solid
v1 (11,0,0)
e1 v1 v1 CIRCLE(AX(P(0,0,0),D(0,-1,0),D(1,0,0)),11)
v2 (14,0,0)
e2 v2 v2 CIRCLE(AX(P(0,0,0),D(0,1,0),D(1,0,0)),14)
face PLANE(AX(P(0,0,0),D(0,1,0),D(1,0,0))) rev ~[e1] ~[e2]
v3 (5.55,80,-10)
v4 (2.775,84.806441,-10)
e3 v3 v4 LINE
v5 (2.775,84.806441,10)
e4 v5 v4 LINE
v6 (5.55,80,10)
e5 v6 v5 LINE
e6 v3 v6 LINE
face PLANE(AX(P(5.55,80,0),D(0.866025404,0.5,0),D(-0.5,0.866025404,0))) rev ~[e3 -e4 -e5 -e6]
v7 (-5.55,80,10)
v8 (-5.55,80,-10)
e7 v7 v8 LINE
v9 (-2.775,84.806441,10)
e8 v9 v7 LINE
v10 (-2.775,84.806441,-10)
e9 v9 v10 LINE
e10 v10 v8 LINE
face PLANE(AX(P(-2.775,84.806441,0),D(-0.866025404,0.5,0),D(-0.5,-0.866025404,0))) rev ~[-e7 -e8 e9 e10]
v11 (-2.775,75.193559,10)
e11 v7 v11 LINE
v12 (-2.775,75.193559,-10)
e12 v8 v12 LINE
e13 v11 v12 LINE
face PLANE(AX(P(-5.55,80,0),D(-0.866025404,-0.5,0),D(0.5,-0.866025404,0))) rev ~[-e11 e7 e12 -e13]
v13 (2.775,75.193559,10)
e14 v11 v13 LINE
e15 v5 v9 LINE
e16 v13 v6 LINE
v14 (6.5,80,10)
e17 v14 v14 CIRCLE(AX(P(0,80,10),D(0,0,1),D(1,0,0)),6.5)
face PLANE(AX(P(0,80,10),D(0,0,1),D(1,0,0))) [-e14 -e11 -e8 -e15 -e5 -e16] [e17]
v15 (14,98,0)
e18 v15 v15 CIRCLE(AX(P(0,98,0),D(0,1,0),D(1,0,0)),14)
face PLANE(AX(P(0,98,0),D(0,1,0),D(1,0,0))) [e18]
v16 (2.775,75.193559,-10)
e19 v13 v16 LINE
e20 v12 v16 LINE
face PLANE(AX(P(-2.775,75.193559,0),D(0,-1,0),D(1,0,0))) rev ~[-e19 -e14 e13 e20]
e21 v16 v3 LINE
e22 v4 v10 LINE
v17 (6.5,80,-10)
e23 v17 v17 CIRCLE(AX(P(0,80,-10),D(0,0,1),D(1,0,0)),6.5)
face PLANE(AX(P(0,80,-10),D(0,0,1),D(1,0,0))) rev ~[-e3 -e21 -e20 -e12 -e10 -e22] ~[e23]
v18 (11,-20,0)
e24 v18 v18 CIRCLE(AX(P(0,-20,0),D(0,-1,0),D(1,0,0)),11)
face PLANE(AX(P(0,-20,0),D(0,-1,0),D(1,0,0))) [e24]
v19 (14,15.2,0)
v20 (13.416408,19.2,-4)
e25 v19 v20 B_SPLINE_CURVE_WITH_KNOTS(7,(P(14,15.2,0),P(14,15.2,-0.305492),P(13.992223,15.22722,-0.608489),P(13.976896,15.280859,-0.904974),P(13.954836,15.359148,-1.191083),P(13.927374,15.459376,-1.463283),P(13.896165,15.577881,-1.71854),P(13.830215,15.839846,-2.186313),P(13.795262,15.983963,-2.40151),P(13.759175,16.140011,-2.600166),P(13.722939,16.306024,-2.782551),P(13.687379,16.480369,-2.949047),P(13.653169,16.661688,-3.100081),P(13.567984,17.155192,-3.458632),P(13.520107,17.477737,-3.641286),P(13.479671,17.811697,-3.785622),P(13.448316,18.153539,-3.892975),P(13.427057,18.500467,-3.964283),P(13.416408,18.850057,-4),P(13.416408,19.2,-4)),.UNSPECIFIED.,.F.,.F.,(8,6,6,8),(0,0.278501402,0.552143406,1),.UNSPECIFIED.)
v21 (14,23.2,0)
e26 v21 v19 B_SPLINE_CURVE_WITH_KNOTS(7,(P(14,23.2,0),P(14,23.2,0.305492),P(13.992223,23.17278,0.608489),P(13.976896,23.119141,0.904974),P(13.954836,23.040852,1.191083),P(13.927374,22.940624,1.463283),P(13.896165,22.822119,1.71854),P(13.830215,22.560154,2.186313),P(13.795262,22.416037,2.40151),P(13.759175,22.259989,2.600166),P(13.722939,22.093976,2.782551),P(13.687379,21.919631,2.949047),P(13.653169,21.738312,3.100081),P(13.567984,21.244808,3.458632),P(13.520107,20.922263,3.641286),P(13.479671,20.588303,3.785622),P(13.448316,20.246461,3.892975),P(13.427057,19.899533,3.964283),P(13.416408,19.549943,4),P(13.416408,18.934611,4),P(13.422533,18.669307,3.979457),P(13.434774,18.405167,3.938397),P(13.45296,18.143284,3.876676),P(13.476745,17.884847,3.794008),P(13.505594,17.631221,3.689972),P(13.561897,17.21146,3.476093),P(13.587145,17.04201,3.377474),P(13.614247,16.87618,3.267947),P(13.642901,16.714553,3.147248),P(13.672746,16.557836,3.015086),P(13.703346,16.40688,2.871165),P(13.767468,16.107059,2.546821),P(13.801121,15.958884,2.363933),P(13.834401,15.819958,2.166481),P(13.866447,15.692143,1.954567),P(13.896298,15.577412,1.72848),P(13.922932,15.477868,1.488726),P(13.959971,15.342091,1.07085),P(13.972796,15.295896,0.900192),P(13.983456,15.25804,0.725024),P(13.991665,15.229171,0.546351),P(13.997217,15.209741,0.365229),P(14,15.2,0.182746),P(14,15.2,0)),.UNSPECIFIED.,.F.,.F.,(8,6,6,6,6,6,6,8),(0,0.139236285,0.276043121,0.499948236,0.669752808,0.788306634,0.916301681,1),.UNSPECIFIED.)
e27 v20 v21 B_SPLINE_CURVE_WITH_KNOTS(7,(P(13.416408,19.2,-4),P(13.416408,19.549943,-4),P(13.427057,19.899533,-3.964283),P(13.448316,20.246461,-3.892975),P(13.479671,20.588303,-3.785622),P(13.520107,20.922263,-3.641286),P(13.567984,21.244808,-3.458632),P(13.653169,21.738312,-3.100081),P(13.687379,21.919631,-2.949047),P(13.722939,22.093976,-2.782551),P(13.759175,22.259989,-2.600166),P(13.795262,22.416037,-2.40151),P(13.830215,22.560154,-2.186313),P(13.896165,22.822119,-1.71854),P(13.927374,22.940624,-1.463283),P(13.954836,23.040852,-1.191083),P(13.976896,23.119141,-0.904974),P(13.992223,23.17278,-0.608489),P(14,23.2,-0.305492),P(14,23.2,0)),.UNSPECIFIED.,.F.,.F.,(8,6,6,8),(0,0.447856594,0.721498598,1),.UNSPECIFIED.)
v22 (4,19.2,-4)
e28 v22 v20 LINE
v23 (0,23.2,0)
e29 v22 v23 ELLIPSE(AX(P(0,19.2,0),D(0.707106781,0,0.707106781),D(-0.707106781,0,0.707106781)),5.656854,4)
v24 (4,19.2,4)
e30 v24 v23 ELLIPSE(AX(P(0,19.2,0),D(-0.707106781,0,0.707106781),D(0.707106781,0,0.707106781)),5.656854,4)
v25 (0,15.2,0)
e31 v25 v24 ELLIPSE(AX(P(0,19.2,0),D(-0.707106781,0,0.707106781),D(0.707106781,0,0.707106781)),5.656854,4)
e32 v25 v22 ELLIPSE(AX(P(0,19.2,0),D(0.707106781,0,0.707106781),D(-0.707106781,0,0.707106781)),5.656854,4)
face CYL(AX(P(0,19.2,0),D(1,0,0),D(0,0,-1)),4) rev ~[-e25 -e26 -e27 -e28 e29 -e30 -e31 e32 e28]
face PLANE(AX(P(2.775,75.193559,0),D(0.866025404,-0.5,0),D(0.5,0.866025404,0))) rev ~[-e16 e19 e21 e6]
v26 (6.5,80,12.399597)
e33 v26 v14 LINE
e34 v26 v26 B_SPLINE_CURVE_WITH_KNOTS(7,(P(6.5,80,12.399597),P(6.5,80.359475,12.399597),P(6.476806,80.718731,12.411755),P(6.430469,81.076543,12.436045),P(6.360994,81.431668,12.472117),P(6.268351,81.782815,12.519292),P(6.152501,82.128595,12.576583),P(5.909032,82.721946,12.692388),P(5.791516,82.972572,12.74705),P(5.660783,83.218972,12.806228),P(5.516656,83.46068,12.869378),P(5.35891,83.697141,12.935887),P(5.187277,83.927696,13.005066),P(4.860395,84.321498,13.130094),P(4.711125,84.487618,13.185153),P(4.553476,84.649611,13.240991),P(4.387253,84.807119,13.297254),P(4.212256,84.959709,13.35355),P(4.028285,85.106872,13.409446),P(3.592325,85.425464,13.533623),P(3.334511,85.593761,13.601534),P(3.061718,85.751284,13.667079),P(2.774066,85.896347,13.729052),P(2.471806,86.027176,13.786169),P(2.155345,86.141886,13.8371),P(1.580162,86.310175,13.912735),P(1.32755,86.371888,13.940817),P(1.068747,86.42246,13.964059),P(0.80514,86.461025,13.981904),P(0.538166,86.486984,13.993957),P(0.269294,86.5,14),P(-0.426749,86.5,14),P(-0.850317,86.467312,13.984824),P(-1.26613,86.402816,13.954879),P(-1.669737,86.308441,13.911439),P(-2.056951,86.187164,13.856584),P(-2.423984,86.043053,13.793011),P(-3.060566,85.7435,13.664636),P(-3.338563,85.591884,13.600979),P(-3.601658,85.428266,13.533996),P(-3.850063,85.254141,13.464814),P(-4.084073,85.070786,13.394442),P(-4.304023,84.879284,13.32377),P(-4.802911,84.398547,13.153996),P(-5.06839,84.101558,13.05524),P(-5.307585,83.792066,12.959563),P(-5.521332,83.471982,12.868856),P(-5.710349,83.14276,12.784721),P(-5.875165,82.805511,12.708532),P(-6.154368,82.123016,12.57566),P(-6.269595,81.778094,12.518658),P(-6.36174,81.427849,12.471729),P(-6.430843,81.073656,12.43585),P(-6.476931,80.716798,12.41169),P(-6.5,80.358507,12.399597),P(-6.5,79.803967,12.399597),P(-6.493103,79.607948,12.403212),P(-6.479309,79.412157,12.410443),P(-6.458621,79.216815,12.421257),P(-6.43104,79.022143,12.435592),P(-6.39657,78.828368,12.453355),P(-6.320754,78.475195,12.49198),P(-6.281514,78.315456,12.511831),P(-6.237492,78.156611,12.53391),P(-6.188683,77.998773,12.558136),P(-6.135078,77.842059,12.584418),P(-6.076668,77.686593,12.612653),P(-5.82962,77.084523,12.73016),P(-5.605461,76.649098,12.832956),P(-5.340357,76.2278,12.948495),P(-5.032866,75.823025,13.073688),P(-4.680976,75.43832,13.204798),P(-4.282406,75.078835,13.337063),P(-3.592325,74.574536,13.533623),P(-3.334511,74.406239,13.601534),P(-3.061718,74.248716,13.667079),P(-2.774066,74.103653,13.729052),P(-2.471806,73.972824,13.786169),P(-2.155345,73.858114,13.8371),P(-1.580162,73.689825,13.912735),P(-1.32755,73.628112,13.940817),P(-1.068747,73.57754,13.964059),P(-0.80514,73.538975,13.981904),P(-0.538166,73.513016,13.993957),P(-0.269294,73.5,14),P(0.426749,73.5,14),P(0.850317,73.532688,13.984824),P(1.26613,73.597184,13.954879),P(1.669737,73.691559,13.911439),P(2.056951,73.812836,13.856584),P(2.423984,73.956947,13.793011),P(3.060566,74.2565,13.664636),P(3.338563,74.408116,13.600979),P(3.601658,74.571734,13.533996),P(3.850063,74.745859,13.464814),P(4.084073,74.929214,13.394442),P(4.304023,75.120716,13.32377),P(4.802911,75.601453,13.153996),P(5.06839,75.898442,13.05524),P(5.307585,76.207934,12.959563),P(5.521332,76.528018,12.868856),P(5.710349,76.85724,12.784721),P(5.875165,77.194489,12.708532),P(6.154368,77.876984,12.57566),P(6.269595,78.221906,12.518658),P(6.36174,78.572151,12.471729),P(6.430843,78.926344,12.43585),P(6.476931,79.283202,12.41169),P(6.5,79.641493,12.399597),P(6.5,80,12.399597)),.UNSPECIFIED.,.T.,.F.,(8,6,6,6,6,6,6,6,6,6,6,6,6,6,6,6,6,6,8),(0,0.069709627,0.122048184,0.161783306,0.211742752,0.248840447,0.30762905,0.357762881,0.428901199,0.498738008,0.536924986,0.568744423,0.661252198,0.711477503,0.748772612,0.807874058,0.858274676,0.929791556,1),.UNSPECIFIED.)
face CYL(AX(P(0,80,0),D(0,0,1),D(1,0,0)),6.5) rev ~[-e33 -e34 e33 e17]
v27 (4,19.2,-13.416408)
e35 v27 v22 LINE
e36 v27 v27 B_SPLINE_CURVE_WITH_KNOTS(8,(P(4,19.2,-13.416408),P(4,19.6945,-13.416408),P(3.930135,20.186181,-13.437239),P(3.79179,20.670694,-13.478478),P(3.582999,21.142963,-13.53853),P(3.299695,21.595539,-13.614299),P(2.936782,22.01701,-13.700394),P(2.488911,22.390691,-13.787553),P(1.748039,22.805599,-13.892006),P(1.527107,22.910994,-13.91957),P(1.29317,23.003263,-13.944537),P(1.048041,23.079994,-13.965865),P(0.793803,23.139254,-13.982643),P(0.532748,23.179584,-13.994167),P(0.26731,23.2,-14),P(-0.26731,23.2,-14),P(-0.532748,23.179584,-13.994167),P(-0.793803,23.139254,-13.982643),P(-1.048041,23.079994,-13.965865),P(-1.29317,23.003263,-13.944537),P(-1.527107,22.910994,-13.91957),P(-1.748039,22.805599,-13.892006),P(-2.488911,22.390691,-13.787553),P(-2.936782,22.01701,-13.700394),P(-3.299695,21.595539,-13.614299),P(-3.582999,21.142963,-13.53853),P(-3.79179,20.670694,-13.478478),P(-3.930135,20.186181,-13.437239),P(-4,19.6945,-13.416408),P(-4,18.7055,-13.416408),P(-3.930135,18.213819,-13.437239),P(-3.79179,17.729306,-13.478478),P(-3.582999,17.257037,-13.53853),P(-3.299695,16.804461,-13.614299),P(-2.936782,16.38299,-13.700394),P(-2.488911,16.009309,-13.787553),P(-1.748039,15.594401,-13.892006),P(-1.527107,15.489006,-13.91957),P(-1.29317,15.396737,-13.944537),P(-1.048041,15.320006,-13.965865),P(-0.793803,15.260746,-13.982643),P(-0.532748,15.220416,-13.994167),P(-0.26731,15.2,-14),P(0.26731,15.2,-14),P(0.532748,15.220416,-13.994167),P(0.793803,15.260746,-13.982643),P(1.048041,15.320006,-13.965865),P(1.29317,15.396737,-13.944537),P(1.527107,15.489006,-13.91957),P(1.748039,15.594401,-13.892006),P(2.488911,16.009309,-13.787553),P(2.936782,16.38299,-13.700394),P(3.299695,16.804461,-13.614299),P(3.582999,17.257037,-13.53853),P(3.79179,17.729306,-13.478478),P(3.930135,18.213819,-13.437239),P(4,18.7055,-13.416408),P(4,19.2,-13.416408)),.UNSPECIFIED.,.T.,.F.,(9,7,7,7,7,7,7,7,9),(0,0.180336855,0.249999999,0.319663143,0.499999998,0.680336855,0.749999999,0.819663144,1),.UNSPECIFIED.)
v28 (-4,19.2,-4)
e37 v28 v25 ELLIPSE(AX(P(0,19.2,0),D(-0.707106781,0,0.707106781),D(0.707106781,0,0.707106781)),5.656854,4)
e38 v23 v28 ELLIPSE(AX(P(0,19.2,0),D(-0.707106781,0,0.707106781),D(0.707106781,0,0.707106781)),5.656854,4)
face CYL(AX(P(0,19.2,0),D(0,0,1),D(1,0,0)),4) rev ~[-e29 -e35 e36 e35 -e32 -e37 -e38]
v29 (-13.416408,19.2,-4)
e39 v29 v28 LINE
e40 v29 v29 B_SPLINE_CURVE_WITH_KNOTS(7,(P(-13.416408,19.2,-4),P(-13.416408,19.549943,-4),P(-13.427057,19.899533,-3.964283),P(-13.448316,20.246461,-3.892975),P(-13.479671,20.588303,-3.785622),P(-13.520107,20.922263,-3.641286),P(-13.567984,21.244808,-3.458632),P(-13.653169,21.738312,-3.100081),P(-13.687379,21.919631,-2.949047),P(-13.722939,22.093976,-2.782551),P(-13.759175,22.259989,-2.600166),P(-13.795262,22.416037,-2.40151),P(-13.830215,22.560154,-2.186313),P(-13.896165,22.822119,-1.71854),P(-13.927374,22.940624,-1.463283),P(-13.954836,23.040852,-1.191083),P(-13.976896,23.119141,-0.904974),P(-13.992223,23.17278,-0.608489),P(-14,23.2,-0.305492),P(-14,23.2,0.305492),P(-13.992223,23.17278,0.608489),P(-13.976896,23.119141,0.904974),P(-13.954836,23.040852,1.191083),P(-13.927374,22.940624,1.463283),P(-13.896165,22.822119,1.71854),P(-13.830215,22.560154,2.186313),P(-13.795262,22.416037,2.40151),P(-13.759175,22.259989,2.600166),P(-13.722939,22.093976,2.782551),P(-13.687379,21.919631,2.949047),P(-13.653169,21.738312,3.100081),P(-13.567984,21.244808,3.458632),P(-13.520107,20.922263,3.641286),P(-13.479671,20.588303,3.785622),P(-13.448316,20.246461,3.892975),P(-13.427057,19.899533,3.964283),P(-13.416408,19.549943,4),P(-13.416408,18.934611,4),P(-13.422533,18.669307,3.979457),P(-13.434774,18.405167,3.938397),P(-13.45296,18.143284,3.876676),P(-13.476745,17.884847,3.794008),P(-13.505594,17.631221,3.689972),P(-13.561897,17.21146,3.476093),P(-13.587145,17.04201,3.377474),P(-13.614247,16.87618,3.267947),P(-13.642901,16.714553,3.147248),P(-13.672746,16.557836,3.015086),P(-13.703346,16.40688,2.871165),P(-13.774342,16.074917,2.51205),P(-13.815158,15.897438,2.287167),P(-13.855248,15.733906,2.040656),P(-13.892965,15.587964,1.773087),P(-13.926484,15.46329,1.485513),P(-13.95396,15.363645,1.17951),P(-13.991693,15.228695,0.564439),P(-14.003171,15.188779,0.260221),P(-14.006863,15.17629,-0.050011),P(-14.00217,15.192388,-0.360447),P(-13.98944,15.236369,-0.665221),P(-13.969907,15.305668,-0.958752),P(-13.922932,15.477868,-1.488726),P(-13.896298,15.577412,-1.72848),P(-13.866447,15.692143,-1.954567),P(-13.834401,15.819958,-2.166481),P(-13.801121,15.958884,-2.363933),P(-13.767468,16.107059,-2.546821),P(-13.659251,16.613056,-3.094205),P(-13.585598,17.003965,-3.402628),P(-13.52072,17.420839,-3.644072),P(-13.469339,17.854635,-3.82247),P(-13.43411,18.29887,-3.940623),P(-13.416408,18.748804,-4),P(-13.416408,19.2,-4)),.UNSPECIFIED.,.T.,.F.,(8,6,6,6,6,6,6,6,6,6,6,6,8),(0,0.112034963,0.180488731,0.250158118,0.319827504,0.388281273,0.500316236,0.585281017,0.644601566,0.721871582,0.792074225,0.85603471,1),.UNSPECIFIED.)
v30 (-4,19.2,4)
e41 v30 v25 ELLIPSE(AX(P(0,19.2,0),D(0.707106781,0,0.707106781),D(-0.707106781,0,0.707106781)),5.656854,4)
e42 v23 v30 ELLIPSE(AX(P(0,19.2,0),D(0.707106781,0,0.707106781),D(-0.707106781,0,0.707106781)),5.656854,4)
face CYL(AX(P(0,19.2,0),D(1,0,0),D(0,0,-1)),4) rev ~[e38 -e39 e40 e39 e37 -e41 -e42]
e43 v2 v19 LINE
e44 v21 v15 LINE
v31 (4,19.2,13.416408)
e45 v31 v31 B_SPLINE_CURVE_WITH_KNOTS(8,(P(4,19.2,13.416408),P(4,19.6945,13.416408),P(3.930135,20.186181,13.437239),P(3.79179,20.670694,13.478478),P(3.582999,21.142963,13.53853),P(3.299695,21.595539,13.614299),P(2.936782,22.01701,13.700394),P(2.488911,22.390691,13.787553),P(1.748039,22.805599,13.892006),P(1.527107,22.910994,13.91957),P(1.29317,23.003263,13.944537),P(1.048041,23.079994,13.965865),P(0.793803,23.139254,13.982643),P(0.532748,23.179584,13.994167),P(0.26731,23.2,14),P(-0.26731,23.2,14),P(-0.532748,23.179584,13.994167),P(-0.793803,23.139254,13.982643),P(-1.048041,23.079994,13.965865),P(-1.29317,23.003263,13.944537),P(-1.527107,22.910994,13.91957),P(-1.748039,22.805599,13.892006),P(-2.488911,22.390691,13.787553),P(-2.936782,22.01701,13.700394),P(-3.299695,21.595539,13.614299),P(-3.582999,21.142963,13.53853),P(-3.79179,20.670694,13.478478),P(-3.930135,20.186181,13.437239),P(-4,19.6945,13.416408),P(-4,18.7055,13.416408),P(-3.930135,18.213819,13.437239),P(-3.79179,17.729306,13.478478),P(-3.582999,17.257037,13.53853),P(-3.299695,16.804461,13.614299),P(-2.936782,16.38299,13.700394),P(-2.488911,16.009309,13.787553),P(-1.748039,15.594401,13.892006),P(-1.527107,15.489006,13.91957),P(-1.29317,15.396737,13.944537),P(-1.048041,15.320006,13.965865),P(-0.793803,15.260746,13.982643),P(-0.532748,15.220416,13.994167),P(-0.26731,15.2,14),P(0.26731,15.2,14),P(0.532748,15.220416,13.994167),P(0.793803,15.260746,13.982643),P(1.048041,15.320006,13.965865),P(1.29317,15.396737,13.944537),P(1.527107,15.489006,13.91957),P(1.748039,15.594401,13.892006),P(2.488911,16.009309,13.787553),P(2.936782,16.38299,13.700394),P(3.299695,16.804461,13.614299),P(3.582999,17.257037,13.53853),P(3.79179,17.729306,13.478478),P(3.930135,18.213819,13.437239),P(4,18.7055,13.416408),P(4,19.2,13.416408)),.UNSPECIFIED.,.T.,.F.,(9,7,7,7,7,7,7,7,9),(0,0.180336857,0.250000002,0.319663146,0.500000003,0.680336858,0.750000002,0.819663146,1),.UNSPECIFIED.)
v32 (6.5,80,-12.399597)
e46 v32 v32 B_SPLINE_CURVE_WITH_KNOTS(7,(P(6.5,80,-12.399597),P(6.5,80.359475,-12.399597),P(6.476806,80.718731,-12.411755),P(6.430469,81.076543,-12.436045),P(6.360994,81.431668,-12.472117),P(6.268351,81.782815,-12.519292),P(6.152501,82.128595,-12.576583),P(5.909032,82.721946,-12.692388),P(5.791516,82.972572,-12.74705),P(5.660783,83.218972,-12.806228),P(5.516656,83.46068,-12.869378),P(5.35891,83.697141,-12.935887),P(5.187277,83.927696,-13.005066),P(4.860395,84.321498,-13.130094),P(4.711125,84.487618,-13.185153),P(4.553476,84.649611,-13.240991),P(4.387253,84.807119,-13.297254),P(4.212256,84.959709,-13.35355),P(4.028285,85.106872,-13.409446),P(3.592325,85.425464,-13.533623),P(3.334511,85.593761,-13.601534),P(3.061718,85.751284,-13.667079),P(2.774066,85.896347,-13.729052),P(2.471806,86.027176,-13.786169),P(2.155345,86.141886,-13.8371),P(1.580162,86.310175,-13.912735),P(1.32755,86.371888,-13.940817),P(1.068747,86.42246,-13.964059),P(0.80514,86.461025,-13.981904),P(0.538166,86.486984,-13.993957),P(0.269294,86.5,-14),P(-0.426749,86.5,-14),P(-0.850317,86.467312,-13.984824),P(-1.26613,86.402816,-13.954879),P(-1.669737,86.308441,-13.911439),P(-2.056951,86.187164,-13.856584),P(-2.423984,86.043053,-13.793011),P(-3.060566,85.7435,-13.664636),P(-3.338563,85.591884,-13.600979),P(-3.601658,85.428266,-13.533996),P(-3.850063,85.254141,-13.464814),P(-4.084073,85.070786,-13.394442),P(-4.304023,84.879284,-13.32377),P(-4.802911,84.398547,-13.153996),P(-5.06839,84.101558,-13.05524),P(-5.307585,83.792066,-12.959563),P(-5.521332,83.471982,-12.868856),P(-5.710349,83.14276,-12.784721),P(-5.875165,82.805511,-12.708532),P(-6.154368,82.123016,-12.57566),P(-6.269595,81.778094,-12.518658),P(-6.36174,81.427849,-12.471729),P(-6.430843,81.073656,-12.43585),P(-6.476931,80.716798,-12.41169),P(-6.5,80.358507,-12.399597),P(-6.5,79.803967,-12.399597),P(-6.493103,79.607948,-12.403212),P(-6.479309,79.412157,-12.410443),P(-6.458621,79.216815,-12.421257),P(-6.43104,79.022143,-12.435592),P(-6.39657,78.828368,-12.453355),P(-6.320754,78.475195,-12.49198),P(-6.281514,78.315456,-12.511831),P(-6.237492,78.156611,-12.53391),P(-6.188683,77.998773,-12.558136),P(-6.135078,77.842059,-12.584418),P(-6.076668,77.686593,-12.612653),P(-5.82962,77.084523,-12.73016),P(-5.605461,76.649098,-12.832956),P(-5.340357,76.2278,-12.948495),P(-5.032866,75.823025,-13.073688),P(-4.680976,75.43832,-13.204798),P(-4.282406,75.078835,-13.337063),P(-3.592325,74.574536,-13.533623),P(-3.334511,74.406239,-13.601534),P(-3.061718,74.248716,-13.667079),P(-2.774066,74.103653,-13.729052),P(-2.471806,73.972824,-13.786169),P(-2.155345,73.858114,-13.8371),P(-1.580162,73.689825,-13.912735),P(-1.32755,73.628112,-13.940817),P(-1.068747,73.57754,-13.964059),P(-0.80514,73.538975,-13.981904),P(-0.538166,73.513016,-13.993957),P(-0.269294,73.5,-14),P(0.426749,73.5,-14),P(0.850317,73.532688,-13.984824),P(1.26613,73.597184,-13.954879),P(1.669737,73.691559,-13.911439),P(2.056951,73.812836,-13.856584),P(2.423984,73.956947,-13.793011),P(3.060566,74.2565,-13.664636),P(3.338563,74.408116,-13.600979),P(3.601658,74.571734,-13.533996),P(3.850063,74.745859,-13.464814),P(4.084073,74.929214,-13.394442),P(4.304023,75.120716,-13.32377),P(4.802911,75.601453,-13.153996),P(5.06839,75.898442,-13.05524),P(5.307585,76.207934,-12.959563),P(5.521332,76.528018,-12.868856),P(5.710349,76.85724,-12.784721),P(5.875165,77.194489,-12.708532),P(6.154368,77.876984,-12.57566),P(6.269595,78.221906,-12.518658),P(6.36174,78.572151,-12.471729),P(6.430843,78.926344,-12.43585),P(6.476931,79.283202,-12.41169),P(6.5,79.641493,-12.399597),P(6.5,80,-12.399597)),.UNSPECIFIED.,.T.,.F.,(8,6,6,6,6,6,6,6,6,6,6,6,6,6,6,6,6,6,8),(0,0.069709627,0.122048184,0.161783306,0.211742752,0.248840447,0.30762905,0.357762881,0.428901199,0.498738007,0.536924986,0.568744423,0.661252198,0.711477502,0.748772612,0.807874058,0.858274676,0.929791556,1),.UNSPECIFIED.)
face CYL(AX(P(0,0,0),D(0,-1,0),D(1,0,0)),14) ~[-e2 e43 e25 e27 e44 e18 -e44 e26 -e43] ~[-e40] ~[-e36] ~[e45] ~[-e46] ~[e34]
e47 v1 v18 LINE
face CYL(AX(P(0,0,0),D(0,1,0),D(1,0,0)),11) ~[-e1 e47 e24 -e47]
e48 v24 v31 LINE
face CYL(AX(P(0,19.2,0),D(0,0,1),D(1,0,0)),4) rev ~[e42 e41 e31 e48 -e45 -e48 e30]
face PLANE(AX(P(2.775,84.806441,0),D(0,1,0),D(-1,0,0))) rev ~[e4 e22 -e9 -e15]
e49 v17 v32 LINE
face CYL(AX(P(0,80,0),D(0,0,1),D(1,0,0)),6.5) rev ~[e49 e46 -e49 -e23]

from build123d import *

# Parameters (mm, degrees)
SKETCH_1_R          = 14
EXTRUDE_1_DEPTH     = 98
SKETCH_2_R          = 6.5
SKETCH_2_R_2        = 4
CUT_EXTRUDE_1_DEPTH = 113.5
SKETCH_3_R          = 7.5
EXTRUDE_2_DEPTH     = 10
SKETCH_4_R          = 11
EXTRUDE_4_DEPTH     = 20
SKETCH_5_R          = 4
CUT_EXTRUDE_2_DEPTH = 20


with BuildPart() as part:
    # 草图1 → 凸台-拉伸1 (new body)
    with BuildSketch(Plane(origin=(0, 0, 0), x_dir=(1, 0, 0), z_dir=(0, 1, 0))):
        Circle(SKETCH_1_R)
    extrude(amount=EXTRUDE_1_DEPTH)

    # 草图2 → 切除-拉伸1 (cut, symmetric)
    with BuildSketch(Plane.XY):
        with Locations((0, 80)):
            Circle(SKETCH_2_R)
        with Locations((0, 19.2)):
            Circle(SKETCH_2_R_2)
    extrude(amount=CUT_EXTRUDE_1_DEPTH, both=True, mode=Mode.SUBTRACT)

    # 草图3 → 凸台-拉伸2 (add, symmetric)
    with BuildSketch(Plane.XY):
        with Locations((0, 80)):
            Circle(SKETCH_3_R)
        Polygon((5.55, 80), (2.775, 84.806440991), (-2.775, 84.806440991), (-5.55, 80), (-2.775, 75.193559009), (2.775, 75.193559009), align=None, mode=Mode.SUBTRACT)
    extrude(amount=EXTRUDE_2_DEPTH, both=True)

    # 草图4 → 凸台-拉伸4 (add)
    with BuildSketch(Plane.XZ):
        Circle(SKETCH_4_R)
    extrude(amount=EXTRUDE_4_DEPTH)

    # 草图5 → 切除-拉伸2 (cut, symmetric)
    with BuildSketch(Plane(origin=(0, 0, 0), x_dir=(0, 0, -1), z_dir=(1, 0, 0))):
        with Locations((0, 19.2)):
            Circle(SKETCH_5_R)
    extrude(amount=CUT_EXTRUDE_2_DEPTH, both=True, mode=Mode.SUBTRACT)


solid = part.part
